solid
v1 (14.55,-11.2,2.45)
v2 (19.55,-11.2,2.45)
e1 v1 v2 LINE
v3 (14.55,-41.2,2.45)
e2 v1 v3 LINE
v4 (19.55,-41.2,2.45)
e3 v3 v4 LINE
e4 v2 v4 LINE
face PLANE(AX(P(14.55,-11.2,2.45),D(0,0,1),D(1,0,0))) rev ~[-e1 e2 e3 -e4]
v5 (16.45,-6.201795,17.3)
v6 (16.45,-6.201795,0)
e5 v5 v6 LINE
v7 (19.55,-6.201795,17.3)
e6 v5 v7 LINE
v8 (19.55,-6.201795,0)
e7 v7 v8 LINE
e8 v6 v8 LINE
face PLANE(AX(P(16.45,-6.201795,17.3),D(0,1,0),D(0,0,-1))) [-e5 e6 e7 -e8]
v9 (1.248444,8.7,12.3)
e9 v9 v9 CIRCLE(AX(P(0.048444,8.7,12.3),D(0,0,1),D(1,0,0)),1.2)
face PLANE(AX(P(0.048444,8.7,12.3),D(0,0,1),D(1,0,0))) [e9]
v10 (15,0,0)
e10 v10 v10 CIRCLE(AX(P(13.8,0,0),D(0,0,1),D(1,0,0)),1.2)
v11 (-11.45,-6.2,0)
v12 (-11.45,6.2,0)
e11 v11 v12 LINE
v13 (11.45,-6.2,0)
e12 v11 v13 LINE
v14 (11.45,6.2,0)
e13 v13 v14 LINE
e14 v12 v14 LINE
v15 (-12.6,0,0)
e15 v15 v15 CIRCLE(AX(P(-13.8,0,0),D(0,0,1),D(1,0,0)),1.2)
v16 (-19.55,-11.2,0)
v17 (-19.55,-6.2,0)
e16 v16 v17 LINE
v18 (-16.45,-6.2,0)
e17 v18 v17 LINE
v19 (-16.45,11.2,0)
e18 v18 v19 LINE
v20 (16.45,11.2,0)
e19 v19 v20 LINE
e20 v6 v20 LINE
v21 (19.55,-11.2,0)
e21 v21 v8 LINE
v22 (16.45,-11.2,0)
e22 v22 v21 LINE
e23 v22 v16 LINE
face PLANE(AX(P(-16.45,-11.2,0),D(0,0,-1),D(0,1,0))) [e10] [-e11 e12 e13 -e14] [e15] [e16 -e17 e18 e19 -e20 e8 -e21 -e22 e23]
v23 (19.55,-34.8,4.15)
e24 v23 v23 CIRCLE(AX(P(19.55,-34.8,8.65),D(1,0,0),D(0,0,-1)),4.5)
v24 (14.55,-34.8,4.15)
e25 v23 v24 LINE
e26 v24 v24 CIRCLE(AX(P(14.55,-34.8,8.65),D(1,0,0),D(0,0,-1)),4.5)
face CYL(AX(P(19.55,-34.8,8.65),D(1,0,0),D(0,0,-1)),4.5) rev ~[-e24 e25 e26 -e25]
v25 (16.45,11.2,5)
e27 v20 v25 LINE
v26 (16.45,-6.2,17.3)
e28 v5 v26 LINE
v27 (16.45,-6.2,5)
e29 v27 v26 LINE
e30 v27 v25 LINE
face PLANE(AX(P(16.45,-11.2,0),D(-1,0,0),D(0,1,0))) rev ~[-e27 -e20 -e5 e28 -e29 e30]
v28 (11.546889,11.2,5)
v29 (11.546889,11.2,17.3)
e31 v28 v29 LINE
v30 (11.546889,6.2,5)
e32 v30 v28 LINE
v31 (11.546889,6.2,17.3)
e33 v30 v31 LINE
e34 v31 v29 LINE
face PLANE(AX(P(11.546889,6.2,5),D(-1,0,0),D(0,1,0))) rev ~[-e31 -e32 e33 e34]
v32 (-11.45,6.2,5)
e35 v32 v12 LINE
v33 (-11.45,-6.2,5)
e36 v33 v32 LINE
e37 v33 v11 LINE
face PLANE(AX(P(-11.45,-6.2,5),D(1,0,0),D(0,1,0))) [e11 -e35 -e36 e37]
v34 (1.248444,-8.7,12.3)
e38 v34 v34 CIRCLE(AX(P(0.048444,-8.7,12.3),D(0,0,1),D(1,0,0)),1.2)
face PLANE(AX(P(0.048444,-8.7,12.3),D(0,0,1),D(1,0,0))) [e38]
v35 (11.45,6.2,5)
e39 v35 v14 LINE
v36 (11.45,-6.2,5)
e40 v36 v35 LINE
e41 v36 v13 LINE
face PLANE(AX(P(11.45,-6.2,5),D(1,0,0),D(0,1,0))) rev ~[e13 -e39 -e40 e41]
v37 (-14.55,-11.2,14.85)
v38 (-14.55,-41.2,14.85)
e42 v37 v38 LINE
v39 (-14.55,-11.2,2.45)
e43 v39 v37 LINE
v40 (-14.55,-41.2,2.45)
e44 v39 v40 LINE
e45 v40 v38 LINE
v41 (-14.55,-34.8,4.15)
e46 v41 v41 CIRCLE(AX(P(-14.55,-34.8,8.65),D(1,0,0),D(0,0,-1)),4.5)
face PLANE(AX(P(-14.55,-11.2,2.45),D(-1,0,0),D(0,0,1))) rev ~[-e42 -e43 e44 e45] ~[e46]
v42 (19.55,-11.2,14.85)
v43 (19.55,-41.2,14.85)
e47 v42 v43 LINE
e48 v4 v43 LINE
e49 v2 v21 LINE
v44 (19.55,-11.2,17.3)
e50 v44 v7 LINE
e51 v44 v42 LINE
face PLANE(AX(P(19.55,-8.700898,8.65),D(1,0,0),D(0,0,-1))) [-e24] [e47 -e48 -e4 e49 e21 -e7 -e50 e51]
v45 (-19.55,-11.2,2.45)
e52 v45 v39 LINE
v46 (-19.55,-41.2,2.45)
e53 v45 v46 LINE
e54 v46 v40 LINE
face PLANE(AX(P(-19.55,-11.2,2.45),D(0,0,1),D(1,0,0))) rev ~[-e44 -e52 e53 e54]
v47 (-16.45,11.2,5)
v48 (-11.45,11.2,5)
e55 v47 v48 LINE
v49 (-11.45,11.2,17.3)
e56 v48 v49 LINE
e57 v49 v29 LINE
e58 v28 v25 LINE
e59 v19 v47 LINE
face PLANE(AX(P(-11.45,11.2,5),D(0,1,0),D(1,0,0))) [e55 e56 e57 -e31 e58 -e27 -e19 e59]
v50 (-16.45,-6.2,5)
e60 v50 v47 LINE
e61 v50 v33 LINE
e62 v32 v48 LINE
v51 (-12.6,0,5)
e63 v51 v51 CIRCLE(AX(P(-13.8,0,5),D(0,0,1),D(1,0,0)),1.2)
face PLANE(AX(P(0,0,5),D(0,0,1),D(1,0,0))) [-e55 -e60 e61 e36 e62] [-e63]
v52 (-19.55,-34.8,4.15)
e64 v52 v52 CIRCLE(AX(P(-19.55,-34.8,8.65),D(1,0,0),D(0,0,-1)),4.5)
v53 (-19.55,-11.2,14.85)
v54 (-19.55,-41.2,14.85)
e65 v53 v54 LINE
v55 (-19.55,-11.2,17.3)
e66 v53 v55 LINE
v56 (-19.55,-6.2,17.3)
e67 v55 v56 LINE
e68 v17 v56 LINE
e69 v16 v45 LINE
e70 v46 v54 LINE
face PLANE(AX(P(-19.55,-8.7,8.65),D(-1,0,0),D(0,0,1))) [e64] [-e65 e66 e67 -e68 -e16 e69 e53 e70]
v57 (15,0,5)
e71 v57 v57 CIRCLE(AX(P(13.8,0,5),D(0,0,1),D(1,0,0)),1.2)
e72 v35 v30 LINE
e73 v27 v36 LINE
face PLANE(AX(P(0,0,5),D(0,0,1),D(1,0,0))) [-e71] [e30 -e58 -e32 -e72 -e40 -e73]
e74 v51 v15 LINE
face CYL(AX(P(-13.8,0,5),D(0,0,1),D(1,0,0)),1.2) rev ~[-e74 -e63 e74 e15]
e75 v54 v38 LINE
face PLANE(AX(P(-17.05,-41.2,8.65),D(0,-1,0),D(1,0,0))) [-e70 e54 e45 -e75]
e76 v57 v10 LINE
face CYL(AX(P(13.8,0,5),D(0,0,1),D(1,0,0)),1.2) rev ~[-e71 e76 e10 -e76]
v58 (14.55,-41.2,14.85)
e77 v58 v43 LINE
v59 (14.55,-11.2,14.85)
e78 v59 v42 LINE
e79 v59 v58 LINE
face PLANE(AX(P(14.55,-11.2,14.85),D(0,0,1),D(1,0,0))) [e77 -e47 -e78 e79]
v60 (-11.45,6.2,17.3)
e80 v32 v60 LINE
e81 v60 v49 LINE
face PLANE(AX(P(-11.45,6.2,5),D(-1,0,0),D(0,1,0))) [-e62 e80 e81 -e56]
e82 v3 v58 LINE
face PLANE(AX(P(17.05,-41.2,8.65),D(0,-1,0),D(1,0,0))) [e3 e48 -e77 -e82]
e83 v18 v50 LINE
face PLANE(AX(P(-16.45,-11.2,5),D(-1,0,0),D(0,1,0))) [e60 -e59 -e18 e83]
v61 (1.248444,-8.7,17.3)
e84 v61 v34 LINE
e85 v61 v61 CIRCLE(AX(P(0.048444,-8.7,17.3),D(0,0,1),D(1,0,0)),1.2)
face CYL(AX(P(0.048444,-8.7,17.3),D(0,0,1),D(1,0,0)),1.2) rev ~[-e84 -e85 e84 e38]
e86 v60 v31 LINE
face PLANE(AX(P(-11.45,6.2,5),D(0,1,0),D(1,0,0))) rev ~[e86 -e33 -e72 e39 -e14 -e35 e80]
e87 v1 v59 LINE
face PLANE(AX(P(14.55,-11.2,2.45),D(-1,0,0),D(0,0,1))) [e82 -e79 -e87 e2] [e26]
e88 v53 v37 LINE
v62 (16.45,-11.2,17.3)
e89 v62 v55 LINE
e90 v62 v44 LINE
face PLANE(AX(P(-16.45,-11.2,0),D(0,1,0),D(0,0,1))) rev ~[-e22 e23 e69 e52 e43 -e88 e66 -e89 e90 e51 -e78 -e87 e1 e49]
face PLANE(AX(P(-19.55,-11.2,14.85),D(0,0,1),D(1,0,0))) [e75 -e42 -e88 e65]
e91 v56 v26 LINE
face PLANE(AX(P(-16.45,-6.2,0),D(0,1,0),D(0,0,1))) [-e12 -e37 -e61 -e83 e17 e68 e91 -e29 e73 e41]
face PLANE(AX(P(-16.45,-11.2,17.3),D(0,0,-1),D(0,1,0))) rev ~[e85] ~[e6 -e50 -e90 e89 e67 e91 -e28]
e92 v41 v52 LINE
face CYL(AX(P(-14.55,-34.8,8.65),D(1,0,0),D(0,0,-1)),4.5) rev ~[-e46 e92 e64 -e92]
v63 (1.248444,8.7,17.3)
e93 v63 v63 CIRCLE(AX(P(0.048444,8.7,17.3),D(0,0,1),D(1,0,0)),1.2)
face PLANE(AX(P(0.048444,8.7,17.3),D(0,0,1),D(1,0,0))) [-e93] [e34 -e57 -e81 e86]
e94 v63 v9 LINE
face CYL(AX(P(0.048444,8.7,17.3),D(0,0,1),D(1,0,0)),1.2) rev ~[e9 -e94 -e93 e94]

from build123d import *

# Parameters (mm, degrees)
SKETCH1_W           = 32.9
SKETCH1_H           = 22.4
BOSS_EXTRUDE1_DEPTH = 5
SKETCH2_R           = 1.2
SKETCH2_W           = 22.9
SKETCH2_H           = 12.4
CUT_EXTRUDE2_DEPTH  = 5
SKETCH3_W           = 22.996888994
SKETCH3_H           = 5
BOSS_EXTRUDE2_DEPTH = 12.3
SKETCH4_R           = 1.2
CUT_EXTRUDE3_DEPTH  = 5
SKETCH6_W           = 5
SKETCH6_H           = 5
SKETCH6_W_2         = 4.903111006
BOSS_EXTRUDE3_DEPTH = 12.3
SKETCH8_W           = 17.3
SKETCH8_H           = 4.998204887
BOSS_EXTRUDE4_DEPTH = 3.1
SKETCH9_W           = 17.3
SKETCH9_H           = 5
BOSS_EXTRUDE5_DEPTH = 3.1
SKETCH18_W          = 5
SKETCH18_H          = 12.4
BOSS_EXTRUDE7_DEPTH = 30
SKETCH19_R          = 4.5
CUT_EXTRUDE6_DEPTH  = 30
SKETCH20_R          = 4.5
CUT_EXTRUDE7_DEPTH  = 30
SKETCH10_W          = 5
SKETCH10_H          = 12.4
BOSS_EXTRUDE6_DEPTH = 30
SKETCH21_R          = 4.5
CUT_EXTRUDE8_DEPTH  = 10
SKETCH22_R          = 4.5
CUT_EXTRUDE9_DEPTH  = 10


with BuildPart() as part:
    # Sketch1 → Boss-Extrude1 (new body)
    with BuildSketch(Plane.XY):
        Rectangle(SKETCH1_W, SKETCH1_H)
    extrude(amount=BOSS_EXTRUDE1_DEPTH)

    # Sketch2 → Cut-Extrude2 (cut)
    with BuildSketch(Plane.XY.offset(5)):
        with Locations((13.8, 0)):
            Circle(SKETCH2_R)
        with Locations((-13.8, 0)):
            Circle(SKETCH2_R)
        Rectangle(SKETCH2_W, SKETCH2_H)
    extrude(amount=-CUT_EXTRUDE2_DEPTH, mode=Mode.SUBTRACT)

    # Sketch3 → Boss-Extrude2 (add)
    with BuildSketch(Plane.XY.offset(5)):
        with Locations((0.048444497, 8.7)):
            Rectangle(SKETCH3_W, SKETCH3_H)
        with Locations((0.048444497, -8.7)):
            Rectangle(SKETCH3_W, SKETCH3_H)
    extrude(amount=BOSS_EXTRUDE2_DEPTH)

    # Sketch4 → Cut-Extrude3 (cut)
    with BuildSketch(Plane.XY.offset(17.3)):
        with Locations((0.048444497, 8.7)):
            Circle(SKETCH4_R)
        with Locations((0.048444497, -8.7)):
            Circle(SKETCH4_R)
    extrude(amount=-CUT_EXTRUDE3_DEPTH, mode=Mode.SUBTRACT)

    # Sketch6 → Boss-Extrude3 (add)
    with BuildSketch(Plane.XY.offset(5)):
        with Locations((-13.95, -8.7)):
            Rectangle(SKETCH6_W, SKETCH6_H)
        with Locations((13.998444497, -8.7)):
            Rectangle(SKETCH6_W_2, SKETCH6_H)
    extrude(amount=BOSS_EXTRUDE3_DEPTH)

    # Sketch8 → Boss-Extrude4 (add)
    with BuildSketch(Plane(origin=(16.45, 0, 0), x_dir=(0, 0, -1), z_dir=(1, 0, 0))):
        with Locations((-8.65, -8.700897557)):
            Rectangle(SKETCH8_W, SKETCH8_H)
    extrude(amount=BOSS_EXTRUDE4_DEPTH)

    # Sketch9 → Boss-Extrude5 (add)
    with BuildSketch(Plane.ZY.offset(16.45)):
        with Locations((8.65, -8.7)):
            Rectangle(SKETCH9_W, SKETCH9_H)
    extrude(amount=BOSS_EXTRUDE5_DEPTH)

    # Sketch18 → Boss-Extrude7 (add)
    with BuildSketch(Plane.XZ.offset(11.2)):
        with Locations((-17.05, 8.65)):
            Rectangle(SKETCH18_W, SKETCH18_H)
        with Locations((17.05, 8.65)):
            Rectangle(SKETCH18_W, SKETCH18_H)
    extrude(amount=BOSS_EXTRUDE7_DEPTH)

    # Sketch19 → Cut-Extrude6 (cut)
    with BuildSketch(Plane.ZY.offset(19.55)):
        with Locations((8.65, -34.8)):
            Circle(SKETCH19_R)
    extrude(amount=-CUT_EXTRUDE6_DEPTH, mode=Mode.SUBTRACT)

    # Sketch20 → Cut-Extrude7 (cut)
    with BuildSketch(Plane(origin=(19.55, 0, 0), x_dir=(0, 0, -1), z_dir=(1, 0, 0))):
        with Locations((-8.65, -34.8)):
            Circle(SKETCH20_R)
    extrude(amount=-CUT_EXTRUDE7_DEPTH, mode=Mode.SUBTRACT)

    # Sketch10 → Boss-Extrude6 (add)
    with BuildSketch(Plane.XZ.offset(11.2)):
        with Locations((17.05, 8.65)):
            Rectangle(SKETCH10_W, SKETCH10_H)
        with Locations((-17.05, 8.65)):
            Rectangle(SKETCH10_W, SKETCH10_H)
    extrude(amount=BOSS_EXTRUDE6_DEPTH)

    # Sketch21 → Cut-Extrude8 (cut)
    with BuildSketch(Plane(origin=(19.55, 0, 0), x_dir=(0, 0, -1), z_dir=(1, 0, 0))):
        with Locations((-8.65, -34.8)):
            Circle(SKETCH21_R)
    extrude(amount=-CUT_EXTRUDE8_DEPTH, mode=Mode.SUBTRACT)

    # Sketch22 → Cut-Extrude9 (cut)
    with BuildSketch(Plane(origin=(-14.55, 0, 0), x_dir=(0, 0, -1), z_dir=(1, 0, 0))):
        with Locations((-8.65, -34.8)):
            Circle(SKETCH22_R)
    extrude(amount=-CUT_EXTRUDE9_DEPTH, mode=Mode.SUBTRACT)


solid = part.part
